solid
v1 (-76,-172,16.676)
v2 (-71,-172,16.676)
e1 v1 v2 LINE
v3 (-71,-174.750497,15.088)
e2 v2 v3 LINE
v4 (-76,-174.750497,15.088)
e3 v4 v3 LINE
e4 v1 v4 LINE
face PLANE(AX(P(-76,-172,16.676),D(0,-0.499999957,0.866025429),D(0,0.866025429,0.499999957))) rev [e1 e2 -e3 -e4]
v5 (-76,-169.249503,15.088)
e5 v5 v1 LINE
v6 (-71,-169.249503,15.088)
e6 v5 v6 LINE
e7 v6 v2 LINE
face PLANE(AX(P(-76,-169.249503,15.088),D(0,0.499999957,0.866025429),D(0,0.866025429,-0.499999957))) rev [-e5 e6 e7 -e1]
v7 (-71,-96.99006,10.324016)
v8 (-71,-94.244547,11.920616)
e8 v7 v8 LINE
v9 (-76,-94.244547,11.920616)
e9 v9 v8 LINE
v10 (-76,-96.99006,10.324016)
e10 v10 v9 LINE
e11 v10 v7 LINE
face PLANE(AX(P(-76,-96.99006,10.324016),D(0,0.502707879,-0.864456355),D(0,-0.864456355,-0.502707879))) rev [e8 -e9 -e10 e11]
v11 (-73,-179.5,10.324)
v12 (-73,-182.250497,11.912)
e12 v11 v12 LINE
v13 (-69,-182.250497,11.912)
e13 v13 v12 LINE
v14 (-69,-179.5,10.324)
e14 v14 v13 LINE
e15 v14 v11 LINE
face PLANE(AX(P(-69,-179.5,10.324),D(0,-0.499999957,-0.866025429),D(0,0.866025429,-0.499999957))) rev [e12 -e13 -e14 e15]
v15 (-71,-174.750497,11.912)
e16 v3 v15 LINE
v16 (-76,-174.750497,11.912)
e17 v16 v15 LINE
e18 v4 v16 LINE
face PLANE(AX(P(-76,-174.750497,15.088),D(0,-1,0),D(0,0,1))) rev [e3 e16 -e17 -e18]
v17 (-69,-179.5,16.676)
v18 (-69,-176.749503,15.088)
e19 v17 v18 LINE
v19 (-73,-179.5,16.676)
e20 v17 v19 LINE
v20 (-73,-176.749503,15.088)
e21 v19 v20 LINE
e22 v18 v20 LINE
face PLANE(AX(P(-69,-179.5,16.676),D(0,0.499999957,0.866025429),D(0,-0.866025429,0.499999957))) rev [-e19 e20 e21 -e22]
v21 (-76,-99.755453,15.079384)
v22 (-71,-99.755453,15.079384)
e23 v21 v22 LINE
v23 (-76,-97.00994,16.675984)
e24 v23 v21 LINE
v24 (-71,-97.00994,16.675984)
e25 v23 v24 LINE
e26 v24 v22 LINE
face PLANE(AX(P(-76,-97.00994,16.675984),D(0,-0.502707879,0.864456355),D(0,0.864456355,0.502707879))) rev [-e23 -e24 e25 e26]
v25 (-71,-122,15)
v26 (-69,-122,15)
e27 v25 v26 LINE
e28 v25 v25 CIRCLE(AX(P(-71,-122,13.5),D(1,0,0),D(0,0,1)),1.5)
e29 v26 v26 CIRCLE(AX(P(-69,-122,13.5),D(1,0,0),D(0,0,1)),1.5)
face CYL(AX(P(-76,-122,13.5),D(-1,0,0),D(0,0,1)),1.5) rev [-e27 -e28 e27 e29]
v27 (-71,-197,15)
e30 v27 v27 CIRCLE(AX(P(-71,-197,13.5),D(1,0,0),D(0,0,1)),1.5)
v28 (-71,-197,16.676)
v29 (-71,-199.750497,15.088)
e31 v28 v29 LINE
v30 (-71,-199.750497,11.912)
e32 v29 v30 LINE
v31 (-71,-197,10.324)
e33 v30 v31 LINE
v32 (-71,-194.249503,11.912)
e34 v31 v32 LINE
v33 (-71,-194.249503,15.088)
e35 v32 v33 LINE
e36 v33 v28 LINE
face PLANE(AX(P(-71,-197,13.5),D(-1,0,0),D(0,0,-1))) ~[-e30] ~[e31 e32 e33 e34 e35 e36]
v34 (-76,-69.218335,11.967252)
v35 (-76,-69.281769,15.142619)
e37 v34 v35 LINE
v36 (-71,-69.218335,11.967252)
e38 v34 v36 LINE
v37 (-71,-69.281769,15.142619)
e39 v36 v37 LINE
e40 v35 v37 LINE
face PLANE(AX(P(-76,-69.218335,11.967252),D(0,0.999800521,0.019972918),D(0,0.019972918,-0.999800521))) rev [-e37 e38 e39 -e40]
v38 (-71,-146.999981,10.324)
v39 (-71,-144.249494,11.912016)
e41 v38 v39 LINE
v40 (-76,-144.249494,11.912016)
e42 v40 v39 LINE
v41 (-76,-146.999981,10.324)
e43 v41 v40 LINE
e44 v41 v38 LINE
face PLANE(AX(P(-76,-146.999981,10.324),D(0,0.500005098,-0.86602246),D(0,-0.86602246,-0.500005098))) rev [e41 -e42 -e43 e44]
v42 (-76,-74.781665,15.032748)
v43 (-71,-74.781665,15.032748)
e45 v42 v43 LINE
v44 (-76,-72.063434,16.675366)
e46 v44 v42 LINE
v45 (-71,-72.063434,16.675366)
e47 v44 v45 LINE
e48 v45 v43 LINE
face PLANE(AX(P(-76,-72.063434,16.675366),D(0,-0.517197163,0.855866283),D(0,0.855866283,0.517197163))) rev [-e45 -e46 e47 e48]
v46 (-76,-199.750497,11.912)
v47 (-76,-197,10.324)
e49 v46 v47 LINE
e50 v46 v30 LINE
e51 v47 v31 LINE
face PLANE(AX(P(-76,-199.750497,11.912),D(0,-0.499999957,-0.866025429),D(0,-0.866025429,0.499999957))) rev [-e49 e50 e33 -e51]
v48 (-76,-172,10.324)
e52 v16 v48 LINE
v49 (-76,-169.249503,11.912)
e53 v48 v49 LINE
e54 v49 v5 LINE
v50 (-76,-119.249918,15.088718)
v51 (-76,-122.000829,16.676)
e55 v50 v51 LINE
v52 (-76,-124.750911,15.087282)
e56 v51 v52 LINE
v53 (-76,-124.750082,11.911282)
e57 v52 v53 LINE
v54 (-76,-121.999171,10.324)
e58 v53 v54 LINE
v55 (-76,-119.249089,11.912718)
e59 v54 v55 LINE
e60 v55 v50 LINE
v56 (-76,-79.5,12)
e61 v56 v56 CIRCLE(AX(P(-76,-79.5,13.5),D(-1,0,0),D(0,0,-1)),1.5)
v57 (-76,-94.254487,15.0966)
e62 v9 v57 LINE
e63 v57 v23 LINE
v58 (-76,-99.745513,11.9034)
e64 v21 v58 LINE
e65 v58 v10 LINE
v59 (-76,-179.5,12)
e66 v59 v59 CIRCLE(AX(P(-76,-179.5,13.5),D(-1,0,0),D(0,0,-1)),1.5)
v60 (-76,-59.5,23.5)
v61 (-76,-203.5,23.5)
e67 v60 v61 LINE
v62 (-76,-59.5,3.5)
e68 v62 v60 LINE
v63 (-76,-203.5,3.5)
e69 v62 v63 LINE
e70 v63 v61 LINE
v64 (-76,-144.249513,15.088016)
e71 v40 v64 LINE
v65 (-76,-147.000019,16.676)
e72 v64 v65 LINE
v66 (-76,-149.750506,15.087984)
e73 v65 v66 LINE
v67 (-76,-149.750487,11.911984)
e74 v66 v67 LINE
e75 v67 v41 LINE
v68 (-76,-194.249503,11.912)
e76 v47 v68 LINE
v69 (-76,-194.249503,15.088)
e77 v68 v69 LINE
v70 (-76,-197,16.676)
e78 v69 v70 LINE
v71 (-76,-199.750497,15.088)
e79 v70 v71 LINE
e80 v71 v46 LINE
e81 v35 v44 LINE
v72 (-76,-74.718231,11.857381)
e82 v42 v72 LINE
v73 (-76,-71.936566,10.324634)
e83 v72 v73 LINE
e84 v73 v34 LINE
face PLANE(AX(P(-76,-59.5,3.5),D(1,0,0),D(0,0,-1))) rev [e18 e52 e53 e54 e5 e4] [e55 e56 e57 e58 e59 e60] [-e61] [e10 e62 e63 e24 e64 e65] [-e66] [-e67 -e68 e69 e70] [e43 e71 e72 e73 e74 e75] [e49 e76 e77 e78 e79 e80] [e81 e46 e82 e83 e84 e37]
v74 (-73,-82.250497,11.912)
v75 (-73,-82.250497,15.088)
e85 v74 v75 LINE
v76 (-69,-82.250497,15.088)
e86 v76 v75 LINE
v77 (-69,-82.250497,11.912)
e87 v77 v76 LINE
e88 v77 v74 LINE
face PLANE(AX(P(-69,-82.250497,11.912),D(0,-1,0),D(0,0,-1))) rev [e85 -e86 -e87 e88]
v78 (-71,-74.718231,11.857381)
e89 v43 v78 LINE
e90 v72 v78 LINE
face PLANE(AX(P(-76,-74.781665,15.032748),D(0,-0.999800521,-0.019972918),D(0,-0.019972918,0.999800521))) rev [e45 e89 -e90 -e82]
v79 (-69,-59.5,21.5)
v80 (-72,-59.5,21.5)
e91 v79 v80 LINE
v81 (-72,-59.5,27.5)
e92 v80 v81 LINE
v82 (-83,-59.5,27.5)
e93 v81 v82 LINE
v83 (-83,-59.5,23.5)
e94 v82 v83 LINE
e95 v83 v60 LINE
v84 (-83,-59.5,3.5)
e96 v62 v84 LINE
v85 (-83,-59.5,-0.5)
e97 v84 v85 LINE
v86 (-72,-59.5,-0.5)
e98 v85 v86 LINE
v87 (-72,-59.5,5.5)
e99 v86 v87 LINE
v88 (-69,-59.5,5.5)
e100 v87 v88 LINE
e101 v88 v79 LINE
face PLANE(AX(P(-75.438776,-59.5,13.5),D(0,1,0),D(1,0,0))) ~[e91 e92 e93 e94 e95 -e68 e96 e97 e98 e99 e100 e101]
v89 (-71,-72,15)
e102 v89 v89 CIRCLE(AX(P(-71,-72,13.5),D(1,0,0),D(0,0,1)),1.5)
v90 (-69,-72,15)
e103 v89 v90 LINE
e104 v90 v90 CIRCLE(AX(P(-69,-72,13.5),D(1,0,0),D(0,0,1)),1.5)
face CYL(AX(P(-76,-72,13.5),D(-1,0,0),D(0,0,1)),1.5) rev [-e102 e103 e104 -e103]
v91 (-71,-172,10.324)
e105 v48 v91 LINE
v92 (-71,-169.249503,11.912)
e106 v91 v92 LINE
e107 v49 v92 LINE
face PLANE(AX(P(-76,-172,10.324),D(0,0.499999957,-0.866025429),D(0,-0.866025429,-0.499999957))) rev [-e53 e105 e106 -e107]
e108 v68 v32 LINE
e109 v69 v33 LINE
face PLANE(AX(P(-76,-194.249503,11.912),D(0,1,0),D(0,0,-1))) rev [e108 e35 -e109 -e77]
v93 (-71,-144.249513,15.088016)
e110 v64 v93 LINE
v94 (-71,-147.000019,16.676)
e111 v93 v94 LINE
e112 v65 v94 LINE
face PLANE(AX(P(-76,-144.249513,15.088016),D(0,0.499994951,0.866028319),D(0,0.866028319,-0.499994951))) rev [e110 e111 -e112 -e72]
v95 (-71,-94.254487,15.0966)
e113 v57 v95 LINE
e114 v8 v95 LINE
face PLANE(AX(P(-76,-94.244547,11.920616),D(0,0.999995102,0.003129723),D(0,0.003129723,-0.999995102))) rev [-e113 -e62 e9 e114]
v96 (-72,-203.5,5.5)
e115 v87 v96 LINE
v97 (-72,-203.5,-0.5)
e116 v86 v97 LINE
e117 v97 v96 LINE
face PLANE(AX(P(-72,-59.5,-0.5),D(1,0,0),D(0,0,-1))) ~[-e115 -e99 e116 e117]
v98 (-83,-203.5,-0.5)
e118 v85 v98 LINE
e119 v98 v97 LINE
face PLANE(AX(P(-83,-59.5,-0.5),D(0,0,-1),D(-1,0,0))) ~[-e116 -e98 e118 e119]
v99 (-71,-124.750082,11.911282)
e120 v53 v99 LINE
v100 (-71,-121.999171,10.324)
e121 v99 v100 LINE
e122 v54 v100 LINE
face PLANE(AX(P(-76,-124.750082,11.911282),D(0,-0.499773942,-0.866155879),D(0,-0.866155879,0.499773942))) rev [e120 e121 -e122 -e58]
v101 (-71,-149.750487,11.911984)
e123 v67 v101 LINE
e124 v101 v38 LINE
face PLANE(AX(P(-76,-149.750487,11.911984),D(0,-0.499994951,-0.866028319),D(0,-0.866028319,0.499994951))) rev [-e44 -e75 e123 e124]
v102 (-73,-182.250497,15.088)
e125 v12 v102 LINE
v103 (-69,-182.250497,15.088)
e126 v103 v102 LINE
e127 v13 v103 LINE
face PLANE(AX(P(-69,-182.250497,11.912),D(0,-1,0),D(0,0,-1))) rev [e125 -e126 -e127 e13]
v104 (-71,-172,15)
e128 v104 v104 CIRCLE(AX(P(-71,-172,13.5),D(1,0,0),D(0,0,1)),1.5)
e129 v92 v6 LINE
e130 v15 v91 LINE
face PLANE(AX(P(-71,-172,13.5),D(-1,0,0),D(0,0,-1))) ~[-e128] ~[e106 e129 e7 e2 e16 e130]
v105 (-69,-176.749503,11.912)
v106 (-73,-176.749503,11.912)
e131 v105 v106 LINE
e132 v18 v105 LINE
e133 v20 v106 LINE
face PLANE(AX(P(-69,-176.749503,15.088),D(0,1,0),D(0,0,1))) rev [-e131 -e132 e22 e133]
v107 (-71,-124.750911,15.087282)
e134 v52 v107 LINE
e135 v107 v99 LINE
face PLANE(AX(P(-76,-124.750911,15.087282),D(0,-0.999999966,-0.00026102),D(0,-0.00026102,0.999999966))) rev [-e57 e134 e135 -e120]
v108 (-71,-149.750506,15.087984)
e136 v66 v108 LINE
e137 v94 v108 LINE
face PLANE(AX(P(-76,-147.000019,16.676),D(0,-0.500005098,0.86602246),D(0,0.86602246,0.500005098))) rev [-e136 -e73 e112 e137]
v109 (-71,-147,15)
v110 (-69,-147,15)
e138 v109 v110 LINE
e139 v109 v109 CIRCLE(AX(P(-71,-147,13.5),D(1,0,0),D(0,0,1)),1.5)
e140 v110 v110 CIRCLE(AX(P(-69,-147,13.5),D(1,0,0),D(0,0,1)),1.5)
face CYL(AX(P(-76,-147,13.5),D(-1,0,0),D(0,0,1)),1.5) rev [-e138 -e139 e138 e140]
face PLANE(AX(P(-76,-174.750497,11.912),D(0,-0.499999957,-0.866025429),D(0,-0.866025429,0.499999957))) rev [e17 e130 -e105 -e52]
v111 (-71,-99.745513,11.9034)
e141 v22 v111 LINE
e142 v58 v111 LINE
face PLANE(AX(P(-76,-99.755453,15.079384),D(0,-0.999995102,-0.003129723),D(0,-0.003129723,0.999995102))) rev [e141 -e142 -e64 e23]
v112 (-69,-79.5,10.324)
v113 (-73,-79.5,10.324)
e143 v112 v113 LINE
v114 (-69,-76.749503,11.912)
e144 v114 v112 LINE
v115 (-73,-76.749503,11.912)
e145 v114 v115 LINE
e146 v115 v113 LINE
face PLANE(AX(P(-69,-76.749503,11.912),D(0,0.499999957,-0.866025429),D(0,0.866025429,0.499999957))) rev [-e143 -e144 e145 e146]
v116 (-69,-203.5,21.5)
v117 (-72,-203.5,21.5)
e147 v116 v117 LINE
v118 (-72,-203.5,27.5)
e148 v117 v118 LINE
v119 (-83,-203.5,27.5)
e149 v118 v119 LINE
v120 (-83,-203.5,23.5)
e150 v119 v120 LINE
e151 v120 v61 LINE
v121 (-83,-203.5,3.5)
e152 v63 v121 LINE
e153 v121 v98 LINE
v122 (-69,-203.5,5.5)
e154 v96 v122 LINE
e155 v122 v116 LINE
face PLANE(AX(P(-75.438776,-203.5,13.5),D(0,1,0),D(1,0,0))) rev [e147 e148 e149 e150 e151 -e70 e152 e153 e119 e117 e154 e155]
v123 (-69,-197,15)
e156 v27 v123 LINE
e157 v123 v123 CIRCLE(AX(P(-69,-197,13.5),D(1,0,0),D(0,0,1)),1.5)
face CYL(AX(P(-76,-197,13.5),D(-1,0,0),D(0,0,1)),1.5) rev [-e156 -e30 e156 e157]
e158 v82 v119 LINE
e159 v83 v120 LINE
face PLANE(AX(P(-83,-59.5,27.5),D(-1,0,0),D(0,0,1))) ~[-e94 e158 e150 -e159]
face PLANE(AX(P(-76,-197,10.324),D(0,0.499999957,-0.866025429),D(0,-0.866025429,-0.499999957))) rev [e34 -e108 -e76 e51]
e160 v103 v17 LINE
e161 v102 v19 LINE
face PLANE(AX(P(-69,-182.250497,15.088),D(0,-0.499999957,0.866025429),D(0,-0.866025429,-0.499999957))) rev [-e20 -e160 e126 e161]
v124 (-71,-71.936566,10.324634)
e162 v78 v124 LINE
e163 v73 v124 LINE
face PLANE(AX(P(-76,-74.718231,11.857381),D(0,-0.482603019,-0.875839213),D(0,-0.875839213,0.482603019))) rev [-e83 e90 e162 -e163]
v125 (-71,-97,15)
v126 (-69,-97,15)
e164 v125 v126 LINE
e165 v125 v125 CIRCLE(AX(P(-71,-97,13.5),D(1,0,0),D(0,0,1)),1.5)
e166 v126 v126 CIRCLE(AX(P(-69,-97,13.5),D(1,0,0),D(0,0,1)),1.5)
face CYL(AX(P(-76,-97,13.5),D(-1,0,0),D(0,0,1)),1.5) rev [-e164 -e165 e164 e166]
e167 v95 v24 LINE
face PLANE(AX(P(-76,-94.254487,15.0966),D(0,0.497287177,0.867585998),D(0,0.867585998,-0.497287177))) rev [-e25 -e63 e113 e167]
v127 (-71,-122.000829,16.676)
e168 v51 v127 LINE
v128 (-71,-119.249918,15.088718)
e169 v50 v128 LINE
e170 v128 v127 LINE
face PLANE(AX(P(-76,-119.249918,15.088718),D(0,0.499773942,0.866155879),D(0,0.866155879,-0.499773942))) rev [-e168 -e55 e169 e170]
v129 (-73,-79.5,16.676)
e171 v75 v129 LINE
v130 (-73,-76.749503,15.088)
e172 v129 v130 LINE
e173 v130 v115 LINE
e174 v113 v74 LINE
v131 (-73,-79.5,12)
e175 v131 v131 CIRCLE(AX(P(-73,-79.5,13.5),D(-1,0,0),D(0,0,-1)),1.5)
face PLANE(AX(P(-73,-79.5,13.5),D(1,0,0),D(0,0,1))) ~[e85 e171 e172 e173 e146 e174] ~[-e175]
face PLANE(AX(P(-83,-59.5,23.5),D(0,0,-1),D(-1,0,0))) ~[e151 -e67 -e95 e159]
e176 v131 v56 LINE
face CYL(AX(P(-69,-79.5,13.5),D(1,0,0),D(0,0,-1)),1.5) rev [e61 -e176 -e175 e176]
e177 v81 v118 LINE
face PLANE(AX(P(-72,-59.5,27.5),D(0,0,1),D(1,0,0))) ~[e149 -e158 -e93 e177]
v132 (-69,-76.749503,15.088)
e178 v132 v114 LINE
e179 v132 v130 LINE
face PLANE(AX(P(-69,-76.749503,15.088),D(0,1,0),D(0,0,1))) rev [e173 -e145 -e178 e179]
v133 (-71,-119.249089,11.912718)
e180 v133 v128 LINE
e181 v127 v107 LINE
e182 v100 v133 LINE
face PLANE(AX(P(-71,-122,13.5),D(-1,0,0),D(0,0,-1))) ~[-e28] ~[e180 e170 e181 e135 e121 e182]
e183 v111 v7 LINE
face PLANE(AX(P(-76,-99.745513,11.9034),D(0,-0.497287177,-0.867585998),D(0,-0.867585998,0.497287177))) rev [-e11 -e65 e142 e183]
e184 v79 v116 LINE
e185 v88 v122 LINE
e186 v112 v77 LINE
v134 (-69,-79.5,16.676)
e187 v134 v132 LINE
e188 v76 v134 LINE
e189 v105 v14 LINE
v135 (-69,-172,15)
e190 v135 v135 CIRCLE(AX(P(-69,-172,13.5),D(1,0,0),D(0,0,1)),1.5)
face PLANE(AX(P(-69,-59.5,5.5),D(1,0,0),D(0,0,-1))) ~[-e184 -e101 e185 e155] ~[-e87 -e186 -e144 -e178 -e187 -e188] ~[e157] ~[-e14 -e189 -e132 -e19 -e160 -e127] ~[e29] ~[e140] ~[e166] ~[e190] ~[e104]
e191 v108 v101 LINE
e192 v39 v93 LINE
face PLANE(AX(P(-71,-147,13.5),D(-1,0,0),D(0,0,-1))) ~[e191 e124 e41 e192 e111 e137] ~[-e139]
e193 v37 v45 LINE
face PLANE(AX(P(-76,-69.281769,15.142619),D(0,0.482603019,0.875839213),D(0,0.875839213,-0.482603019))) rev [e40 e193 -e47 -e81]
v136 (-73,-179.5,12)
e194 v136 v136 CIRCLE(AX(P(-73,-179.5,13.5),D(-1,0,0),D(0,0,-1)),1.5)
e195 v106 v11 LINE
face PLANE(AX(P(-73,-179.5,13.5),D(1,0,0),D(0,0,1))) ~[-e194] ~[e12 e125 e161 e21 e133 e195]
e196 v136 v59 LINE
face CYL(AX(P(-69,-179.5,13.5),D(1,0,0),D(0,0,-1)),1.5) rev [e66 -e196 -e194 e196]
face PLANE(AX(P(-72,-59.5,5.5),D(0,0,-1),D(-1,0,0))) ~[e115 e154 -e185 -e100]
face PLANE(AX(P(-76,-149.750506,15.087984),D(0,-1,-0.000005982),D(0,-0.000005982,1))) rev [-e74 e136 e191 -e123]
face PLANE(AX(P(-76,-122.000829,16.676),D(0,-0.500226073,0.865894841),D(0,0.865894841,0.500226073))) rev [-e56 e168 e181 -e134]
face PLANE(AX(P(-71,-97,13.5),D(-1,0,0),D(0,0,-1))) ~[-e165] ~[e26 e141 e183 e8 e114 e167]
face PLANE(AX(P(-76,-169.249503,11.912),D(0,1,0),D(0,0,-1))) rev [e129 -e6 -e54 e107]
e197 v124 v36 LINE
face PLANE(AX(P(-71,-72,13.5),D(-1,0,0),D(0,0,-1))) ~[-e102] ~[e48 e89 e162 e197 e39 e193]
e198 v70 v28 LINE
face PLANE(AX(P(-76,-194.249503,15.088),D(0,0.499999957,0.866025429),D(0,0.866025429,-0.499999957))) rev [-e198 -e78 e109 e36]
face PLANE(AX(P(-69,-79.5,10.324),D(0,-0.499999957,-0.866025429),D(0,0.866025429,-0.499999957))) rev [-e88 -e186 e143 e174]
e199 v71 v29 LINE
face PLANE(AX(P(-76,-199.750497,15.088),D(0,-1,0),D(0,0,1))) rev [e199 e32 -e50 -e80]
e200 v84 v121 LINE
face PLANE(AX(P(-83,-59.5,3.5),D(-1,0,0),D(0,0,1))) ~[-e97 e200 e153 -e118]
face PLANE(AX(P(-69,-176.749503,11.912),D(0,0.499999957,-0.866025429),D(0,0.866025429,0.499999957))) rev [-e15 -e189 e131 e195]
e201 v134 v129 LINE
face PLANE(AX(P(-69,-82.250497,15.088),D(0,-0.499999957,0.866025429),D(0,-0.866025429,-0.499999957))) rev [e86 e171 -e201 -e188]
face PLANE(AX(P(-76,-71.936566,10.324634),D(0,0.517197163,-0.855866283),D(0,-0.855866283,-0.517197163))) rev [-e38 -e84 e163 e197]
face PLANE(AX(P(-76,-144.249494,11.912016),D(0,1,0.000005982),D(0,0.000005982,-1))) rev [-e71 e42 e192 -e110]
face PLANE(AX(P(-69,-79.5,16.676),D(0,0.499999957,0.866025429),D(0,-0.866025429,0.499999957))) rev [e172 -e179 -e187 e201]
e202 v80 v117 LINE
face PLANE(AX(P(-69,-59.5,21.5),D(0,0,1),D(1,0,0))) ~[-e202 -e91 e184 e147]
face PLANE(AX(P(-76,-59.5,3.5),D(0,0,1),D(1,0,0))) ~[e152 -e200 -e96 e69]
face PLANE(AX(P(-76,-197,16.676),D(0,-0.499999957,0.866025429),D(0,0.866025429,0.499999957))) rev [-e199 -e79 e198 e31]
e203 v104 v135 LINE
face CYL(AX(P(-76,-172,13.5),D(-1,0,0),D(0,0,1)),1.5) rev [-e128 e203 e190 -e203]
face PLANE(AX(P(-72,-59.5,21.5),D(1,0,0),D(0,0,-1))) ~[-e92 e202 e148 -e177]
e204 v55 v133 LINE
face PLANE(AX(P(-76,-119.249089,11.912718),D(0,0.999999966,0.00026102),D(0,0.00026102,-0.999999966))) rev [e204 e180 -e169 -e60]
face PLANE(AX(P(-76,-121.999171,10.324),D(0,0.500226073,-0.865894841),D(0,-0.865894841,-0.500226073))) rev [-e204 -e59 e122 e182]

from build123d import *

# Parameters (mm, degrees)
PAD024_DEPTH            = 144
SKETCH039_R             = 1.5
POCKET006_DEPTH         = 7
POCKET007_DEPTH         = 4
SKETCH007_R             = 1.5
POCKET010_DEPTH         = 7
POCKET011_DEPTH         = 5
BODY012_PLACEMENT_ANGLE = 180


with BuildPart() as rightfront:
    # Sketch038 → Pad024 (new body)
    with BuildSketch(Plane.XZ):
        Polygon((0, 0), (0, 10), (-7, 10), (-7, 14), (4, 14), (4, 8), (7, 8), (7, -8), (4, -8), (4, -14), (-7, -14), (-7, -10), (0, -10), align=None)
    extrude(amount=PAD024_DEPTH)

    # Sketch039 (on Face6 of Pad024) → Pocket006 (cut)
    with BuildSketch(Plane(origin=(7, 0, 0), x_dir=(0, 0, 1), z_dir=(1, 0, 0))):
        with Locations((0, 120)):
            Circle(SKETCH039_R)
        with Locations((0, 20)):
            Circle(SKETCH039_R)
    extrude(amount=-POCKET006_DEPTH, mode=Mode.SUBTRACT)

    # Sketch040 (on Face12 of Pocket006) → Pocket007 (cut)
    with BuildSketch(Plane(origin=(7, 0, 0), x_dir=(0, 0, 1), z_dir=(1, 0, 0))):
        Polygon((3.176, 20), (1.588, 22.750497), (-1.588, 22.750497), (-3.176, 20), (-1.588, 17.249503), (1.588, 17.249503), align=None)
        Polygon((3.176, 120), (1.588, 122.750497), (-1.588, 122.750497), (-3.176, 120), (-1.588, 117.249503), (1.588, 117.249503), align=None)
    extrude(amount=-POCKET007_DEPTH, mode=Mode.SUBTRACT)

    # Sketch007 (on Face2 of Pocket007) → Pocket010 (cut)
    with BuildSketch(Plane(origin=(0, 0, 0), x_dir=(0, 0, -1), z_dir=(-1, 0, 0))):
        with Locations((0, 12.5)):
            Circle(SKETCH007_R)
        with Locations((0, 37.5)):
            Circle(SKETCH007_R)
        with Locations((0, 62.5)):
            Circle(SKETCH007_R)
        with Locations((0, 87.5)):
            Circle(SKETCH007_R)
        with Locations((0, 112.5)):
            Circle(SKETCH007_R)
        with Locations((0, 137.5)):
            Circle(SKETCH007_R)
    extrude(amount=-POCKET010_DEPTH, mode=Mode.SUBTRACT)

    # Sketch011 → Pocket011 (cut)
    with BuildSketch(Plane(origin=(0, 0, 0), x_dir=(0, 0, -1), z_dir=(-1, 0, 0))):
        Polygon((3.175366, 12.563434), (1.532748, 15.281665), (-1.642619, 15.218231), (-3.175366, 12.436566), (-1.532748, 9.718335), (1.642619, 9.781769), align=None)
        Polygon((3.175984, 37.50994), (1.579384, 40.255453), (-1.5966, 40.245513), (-3.175984, 37.49006), (-1.579384, 34.744547), (1.5966, 34.754487), align=None)
        Polygon((3.176, 62.500829), (1.587282, 65.250911), (-1.588718, 65.250082), (-3.176, 62.499171), (-1.587282, 59.749089), (1.588718, 59.749918), align=None)
        Polygon((3.176, 87.500019), (1.587984, 90.250506), (-1.588016, 90.250487), (-3.176, 87.499981), (-1.587984, 84.749494), (1.588016, 84.749513), align=None)
        Polygon((3.176, 112.5), (1.588, 115.250497), (-1.588, 115.250497), (-3.176, 112.5), (-1.588, 109.749503), (1.588, 109.749503), align=None)
        Polygon((3.176, 137.5), (1.588, 140.250497), (-1.588, 140.250497), (-3.176, 137.5), (-1.588, 134.749503), (1.588, 134.749503), align=None)
    extrude(amount=-POCKET011_DEPTH, mode=Mode.SUBTRACT)


with BuildPart() as rightfront_1:
    # Body012 placement: moved
    add(rightfront.part.moved(Location((76, -59.5, 13.5))).rotate(Axis((76, -59.5, 13.5), (0, 1, 0)), BODY012_PLACEMENT_ANGLE))


with BuildPart() as leftfront:
    # Part__Mirroring001: instance of RightFront
    add(rightfront_1.part.mirror(Plane(origin=(0, 0, 0), x_dir=(0, -1, 0), z_dir=(1, 0, 0))))


solid = leftfront.part
